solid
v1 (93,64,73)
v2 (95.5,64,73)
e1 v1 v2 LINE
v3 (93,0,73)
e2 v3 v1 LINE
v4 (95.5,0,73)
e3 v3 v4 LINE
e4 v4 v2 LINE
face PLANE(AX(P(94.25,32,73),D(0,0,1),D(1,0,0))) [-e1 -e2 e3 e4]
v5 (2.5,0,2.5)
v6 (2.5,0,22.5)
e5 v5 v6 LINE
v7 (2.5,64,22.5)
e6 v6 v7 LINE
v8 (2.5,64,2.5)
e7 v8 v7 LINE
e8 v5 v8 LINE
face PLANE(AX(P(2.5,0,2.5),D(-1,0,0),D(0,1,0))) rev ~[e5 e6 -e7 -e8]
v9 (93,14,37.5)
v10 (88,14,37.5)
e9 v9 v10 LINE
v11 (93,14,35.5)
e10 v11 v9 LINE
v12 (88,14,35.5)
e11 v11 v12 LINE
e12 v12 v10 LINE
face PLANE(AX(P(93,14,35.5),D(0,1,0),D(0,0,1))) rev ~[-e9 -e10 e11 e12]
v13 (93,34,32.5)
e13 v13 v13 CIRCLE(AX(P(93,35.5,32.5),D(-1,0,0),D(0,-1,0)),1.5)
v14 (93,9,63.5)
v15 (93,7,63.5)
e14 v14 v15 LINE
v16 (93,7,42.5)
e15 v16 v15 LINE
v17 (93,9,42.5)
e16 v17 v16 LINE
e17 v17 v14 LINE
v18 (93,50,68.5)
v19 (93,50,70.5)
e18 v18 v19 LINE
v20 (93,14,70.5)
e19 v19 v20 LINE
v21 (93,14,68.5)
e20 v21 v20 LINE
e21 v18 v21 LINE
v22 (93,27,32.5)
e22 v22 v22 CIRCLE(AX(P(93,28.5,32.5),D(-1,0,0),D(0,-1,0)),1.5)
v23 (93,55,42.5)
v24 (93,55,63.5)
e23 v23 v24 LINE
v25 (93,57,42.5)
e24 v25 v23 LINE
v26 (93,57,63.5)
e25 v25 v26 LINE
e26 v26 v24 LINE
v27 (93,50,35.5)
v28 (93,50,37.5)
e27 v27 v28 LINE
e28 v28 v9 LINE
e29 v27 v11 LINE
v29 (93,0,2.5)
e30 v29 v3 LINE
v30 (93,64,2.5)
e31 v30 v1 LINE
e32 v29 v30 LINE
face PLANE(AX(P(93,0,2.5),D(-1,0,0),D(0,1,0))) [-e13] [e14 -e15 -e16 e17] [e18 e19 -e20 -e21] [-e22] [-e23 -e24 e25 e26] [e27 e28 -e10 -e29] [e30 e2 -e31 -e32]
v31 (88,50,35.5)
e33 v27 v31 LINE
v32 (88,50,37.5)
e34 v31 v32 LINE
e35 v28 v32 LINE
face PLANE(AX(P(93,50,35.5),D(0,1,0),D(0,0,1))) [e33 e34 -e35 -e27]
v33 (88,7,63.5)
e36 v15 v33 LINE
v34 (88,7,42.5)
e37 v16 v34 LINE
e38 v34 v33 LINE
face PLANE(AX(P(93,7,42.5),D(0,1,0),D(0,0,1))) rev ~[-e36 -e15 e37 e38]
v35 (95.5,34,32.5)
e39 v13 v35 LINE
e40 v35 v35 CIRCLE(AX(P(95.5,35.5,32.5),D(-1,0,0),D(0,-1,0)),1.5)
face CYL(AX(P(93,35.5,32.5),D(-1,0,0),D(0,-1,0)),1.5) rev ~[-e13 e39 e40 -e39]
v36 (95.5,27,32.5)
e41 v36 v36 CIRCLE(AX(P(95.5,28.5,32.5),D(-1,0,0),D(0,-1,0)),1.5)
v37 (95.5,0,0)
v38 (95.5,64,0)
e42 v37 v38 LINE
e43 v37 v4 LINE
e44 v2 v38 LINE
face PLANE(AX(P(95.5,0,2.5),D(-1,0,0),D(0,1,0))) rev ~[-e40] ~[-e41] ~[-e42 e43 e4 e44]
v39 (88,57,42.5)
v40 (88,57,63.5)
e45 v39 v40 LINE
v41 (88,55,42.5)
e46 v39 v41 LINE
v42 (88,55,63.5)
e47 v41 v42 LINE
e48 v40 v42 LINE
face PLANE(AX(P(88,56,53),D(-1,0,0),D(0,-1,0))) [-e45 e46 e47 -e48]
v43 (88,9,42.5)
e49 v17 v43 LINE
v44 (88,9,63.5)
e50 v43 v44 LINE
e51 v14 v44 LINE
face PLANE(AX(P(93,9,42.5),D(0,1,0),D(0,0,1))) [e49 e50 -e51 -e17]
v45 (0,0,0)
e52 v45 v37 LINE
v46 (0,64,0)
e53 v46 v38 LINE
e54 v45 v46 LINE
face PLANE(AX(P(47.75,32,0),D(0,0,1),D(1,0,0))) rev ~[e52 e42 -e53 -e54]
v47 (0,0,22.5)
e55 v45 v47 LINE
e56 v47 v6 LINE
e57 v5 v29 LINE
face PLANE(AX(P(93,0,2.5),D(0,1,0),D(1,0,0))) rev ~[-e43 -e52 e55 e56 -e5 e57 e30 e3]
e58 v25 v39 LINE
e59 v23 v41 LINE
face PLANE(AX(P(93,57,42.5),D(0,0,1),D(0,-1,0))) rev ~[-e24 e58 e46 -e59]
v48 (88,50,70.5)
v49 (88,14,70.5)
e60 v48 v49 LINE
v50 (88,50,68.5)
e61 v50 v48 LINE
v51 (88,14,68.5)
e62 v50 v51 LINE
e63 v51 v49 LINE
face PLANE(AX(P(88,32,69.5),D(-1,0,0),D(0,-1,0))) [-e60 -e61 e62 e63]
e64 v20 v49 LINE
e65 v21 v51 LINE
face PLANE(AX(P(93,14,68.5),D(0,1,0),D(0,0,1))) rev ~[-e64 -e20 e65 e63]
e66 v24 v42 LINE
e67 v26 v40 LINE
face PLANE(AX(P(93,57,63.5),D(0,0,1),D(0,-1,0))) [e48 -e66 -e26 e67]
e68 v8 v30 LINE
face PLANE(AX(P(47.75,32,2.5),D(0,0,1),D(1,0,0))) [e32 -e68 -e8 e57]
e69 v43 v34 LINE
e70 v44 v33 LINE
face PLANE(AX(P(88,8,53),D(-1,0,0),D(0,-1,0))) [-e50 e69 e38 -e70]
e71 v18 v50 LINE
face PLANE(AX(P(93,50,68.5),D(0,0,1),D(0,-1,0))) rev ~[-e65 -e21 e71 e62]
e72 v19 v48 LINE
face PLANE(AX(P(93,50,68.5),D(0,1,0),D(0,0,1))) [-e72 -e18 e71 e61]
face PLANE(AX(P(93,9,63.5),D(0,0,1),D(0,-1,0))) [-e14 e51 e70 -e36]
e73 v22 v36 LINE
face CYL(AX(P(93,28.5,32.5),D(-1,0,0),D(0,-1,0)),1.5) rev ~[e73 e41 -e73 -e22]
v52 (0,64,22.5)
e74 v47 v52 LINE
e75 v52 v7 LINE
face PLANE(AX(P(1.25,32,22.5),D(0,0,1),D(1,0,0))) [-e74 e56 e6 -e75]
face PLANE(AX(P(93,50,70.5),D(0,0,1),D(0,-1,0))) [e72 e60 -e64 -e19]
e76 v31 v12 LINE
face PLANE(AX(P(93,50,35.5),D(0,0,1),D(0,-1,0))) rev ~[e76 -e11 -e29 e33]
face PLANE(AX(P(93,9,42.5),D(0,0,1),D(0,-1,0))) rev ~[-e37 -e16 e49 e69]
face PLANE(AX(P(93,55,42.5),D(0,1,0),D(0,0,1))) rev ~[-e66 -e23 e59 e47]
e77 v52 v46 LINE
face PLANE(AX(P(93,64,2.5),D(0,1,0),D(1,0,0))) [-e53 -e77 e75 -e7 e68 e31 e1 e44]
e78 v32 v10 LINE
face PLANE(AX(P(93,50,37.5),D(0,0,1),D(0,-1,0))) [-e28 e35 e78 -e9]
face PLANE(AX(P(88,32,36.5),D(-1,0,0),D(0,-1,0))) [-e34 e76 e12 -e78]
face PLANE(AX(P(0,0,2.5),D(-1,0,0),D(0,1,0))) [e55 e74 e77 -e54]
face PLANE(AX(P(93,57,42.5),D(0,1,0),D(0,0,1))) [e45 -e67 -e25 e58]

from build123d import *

# Parameters (mm, degrees)
F0_W     = 95.5
F0_H     = 64
F1_DEPTH = 2.5
F2_W     = 2.5
F2_H     = 64
F3_DEPTH = 20
F4_DEPTH = 70.5
F5_W     = 36
F5_H     = 2
F5_W_2   = 2
F5_H_2   = 21
F6_DEPTH = 5
F5_R     = 1.5
F7_DEPTH = 25


with BuildPart() as f1:
    # F0 (on Top) → F1 (new body)
    with BuildSketch(Plane.XY):
        with Locations((47.75, 32)):
            Rectangle(F0_W, F0_H)
    extrude(amount=F1_DEPTH)

    # F2 (on face) → F3 (join)
    with BuildSketch(Plane.XY.offset(2.5)):
        with Locations((1.25, 32)):
            Rectangle(F2_W, F2_H)
    extrude(amount=F3_DEPTH)

    # F2 (on face) → F4 (join)
    with BuildSketch(Plane.XY.offset(2.5)):
        with Locations((94.25, 32)):
            Rectangle(F2_W, F2_H)
    extrude(amount=F4_DEPTH)

    # F5 (on face) → F6 (join)
    with BuildSketch(Plane(origin=(93, 0, 0), x_dir=(0, -1, 0), z_dir=(-1, 0, 0))):
        with Locations((-32, 69.5)):
            Rectangle(F5_W, F5_H)
        with Locations((-8, 53)):
            Rectangle(F5_W_2, F5_H_2)
        with Locations((-32, 36.5)):
            Rectangle(F5_W, F5_H)
        with Locations((-56, 53)):
            Rectangle(F5_W_2, F5_H_2)
    extrude(amount=F6_DEPTH)

    # F5 (on face) → F7 (cut)
    with BuildSketch(Plane(origin=(93, 0, 0), x_dir=(0, -1, 0), z_dir=(-1, 0, 0))):
        with Locations((-35.5, 32.5)):
            Circle(F5_R)
        with Locations((-28.5, 32.5)):
            Circle(F5_R)
    extrude(amount=-F7_DEPTH, mode=Mode.SUBTRACT)


solid = f1.part
